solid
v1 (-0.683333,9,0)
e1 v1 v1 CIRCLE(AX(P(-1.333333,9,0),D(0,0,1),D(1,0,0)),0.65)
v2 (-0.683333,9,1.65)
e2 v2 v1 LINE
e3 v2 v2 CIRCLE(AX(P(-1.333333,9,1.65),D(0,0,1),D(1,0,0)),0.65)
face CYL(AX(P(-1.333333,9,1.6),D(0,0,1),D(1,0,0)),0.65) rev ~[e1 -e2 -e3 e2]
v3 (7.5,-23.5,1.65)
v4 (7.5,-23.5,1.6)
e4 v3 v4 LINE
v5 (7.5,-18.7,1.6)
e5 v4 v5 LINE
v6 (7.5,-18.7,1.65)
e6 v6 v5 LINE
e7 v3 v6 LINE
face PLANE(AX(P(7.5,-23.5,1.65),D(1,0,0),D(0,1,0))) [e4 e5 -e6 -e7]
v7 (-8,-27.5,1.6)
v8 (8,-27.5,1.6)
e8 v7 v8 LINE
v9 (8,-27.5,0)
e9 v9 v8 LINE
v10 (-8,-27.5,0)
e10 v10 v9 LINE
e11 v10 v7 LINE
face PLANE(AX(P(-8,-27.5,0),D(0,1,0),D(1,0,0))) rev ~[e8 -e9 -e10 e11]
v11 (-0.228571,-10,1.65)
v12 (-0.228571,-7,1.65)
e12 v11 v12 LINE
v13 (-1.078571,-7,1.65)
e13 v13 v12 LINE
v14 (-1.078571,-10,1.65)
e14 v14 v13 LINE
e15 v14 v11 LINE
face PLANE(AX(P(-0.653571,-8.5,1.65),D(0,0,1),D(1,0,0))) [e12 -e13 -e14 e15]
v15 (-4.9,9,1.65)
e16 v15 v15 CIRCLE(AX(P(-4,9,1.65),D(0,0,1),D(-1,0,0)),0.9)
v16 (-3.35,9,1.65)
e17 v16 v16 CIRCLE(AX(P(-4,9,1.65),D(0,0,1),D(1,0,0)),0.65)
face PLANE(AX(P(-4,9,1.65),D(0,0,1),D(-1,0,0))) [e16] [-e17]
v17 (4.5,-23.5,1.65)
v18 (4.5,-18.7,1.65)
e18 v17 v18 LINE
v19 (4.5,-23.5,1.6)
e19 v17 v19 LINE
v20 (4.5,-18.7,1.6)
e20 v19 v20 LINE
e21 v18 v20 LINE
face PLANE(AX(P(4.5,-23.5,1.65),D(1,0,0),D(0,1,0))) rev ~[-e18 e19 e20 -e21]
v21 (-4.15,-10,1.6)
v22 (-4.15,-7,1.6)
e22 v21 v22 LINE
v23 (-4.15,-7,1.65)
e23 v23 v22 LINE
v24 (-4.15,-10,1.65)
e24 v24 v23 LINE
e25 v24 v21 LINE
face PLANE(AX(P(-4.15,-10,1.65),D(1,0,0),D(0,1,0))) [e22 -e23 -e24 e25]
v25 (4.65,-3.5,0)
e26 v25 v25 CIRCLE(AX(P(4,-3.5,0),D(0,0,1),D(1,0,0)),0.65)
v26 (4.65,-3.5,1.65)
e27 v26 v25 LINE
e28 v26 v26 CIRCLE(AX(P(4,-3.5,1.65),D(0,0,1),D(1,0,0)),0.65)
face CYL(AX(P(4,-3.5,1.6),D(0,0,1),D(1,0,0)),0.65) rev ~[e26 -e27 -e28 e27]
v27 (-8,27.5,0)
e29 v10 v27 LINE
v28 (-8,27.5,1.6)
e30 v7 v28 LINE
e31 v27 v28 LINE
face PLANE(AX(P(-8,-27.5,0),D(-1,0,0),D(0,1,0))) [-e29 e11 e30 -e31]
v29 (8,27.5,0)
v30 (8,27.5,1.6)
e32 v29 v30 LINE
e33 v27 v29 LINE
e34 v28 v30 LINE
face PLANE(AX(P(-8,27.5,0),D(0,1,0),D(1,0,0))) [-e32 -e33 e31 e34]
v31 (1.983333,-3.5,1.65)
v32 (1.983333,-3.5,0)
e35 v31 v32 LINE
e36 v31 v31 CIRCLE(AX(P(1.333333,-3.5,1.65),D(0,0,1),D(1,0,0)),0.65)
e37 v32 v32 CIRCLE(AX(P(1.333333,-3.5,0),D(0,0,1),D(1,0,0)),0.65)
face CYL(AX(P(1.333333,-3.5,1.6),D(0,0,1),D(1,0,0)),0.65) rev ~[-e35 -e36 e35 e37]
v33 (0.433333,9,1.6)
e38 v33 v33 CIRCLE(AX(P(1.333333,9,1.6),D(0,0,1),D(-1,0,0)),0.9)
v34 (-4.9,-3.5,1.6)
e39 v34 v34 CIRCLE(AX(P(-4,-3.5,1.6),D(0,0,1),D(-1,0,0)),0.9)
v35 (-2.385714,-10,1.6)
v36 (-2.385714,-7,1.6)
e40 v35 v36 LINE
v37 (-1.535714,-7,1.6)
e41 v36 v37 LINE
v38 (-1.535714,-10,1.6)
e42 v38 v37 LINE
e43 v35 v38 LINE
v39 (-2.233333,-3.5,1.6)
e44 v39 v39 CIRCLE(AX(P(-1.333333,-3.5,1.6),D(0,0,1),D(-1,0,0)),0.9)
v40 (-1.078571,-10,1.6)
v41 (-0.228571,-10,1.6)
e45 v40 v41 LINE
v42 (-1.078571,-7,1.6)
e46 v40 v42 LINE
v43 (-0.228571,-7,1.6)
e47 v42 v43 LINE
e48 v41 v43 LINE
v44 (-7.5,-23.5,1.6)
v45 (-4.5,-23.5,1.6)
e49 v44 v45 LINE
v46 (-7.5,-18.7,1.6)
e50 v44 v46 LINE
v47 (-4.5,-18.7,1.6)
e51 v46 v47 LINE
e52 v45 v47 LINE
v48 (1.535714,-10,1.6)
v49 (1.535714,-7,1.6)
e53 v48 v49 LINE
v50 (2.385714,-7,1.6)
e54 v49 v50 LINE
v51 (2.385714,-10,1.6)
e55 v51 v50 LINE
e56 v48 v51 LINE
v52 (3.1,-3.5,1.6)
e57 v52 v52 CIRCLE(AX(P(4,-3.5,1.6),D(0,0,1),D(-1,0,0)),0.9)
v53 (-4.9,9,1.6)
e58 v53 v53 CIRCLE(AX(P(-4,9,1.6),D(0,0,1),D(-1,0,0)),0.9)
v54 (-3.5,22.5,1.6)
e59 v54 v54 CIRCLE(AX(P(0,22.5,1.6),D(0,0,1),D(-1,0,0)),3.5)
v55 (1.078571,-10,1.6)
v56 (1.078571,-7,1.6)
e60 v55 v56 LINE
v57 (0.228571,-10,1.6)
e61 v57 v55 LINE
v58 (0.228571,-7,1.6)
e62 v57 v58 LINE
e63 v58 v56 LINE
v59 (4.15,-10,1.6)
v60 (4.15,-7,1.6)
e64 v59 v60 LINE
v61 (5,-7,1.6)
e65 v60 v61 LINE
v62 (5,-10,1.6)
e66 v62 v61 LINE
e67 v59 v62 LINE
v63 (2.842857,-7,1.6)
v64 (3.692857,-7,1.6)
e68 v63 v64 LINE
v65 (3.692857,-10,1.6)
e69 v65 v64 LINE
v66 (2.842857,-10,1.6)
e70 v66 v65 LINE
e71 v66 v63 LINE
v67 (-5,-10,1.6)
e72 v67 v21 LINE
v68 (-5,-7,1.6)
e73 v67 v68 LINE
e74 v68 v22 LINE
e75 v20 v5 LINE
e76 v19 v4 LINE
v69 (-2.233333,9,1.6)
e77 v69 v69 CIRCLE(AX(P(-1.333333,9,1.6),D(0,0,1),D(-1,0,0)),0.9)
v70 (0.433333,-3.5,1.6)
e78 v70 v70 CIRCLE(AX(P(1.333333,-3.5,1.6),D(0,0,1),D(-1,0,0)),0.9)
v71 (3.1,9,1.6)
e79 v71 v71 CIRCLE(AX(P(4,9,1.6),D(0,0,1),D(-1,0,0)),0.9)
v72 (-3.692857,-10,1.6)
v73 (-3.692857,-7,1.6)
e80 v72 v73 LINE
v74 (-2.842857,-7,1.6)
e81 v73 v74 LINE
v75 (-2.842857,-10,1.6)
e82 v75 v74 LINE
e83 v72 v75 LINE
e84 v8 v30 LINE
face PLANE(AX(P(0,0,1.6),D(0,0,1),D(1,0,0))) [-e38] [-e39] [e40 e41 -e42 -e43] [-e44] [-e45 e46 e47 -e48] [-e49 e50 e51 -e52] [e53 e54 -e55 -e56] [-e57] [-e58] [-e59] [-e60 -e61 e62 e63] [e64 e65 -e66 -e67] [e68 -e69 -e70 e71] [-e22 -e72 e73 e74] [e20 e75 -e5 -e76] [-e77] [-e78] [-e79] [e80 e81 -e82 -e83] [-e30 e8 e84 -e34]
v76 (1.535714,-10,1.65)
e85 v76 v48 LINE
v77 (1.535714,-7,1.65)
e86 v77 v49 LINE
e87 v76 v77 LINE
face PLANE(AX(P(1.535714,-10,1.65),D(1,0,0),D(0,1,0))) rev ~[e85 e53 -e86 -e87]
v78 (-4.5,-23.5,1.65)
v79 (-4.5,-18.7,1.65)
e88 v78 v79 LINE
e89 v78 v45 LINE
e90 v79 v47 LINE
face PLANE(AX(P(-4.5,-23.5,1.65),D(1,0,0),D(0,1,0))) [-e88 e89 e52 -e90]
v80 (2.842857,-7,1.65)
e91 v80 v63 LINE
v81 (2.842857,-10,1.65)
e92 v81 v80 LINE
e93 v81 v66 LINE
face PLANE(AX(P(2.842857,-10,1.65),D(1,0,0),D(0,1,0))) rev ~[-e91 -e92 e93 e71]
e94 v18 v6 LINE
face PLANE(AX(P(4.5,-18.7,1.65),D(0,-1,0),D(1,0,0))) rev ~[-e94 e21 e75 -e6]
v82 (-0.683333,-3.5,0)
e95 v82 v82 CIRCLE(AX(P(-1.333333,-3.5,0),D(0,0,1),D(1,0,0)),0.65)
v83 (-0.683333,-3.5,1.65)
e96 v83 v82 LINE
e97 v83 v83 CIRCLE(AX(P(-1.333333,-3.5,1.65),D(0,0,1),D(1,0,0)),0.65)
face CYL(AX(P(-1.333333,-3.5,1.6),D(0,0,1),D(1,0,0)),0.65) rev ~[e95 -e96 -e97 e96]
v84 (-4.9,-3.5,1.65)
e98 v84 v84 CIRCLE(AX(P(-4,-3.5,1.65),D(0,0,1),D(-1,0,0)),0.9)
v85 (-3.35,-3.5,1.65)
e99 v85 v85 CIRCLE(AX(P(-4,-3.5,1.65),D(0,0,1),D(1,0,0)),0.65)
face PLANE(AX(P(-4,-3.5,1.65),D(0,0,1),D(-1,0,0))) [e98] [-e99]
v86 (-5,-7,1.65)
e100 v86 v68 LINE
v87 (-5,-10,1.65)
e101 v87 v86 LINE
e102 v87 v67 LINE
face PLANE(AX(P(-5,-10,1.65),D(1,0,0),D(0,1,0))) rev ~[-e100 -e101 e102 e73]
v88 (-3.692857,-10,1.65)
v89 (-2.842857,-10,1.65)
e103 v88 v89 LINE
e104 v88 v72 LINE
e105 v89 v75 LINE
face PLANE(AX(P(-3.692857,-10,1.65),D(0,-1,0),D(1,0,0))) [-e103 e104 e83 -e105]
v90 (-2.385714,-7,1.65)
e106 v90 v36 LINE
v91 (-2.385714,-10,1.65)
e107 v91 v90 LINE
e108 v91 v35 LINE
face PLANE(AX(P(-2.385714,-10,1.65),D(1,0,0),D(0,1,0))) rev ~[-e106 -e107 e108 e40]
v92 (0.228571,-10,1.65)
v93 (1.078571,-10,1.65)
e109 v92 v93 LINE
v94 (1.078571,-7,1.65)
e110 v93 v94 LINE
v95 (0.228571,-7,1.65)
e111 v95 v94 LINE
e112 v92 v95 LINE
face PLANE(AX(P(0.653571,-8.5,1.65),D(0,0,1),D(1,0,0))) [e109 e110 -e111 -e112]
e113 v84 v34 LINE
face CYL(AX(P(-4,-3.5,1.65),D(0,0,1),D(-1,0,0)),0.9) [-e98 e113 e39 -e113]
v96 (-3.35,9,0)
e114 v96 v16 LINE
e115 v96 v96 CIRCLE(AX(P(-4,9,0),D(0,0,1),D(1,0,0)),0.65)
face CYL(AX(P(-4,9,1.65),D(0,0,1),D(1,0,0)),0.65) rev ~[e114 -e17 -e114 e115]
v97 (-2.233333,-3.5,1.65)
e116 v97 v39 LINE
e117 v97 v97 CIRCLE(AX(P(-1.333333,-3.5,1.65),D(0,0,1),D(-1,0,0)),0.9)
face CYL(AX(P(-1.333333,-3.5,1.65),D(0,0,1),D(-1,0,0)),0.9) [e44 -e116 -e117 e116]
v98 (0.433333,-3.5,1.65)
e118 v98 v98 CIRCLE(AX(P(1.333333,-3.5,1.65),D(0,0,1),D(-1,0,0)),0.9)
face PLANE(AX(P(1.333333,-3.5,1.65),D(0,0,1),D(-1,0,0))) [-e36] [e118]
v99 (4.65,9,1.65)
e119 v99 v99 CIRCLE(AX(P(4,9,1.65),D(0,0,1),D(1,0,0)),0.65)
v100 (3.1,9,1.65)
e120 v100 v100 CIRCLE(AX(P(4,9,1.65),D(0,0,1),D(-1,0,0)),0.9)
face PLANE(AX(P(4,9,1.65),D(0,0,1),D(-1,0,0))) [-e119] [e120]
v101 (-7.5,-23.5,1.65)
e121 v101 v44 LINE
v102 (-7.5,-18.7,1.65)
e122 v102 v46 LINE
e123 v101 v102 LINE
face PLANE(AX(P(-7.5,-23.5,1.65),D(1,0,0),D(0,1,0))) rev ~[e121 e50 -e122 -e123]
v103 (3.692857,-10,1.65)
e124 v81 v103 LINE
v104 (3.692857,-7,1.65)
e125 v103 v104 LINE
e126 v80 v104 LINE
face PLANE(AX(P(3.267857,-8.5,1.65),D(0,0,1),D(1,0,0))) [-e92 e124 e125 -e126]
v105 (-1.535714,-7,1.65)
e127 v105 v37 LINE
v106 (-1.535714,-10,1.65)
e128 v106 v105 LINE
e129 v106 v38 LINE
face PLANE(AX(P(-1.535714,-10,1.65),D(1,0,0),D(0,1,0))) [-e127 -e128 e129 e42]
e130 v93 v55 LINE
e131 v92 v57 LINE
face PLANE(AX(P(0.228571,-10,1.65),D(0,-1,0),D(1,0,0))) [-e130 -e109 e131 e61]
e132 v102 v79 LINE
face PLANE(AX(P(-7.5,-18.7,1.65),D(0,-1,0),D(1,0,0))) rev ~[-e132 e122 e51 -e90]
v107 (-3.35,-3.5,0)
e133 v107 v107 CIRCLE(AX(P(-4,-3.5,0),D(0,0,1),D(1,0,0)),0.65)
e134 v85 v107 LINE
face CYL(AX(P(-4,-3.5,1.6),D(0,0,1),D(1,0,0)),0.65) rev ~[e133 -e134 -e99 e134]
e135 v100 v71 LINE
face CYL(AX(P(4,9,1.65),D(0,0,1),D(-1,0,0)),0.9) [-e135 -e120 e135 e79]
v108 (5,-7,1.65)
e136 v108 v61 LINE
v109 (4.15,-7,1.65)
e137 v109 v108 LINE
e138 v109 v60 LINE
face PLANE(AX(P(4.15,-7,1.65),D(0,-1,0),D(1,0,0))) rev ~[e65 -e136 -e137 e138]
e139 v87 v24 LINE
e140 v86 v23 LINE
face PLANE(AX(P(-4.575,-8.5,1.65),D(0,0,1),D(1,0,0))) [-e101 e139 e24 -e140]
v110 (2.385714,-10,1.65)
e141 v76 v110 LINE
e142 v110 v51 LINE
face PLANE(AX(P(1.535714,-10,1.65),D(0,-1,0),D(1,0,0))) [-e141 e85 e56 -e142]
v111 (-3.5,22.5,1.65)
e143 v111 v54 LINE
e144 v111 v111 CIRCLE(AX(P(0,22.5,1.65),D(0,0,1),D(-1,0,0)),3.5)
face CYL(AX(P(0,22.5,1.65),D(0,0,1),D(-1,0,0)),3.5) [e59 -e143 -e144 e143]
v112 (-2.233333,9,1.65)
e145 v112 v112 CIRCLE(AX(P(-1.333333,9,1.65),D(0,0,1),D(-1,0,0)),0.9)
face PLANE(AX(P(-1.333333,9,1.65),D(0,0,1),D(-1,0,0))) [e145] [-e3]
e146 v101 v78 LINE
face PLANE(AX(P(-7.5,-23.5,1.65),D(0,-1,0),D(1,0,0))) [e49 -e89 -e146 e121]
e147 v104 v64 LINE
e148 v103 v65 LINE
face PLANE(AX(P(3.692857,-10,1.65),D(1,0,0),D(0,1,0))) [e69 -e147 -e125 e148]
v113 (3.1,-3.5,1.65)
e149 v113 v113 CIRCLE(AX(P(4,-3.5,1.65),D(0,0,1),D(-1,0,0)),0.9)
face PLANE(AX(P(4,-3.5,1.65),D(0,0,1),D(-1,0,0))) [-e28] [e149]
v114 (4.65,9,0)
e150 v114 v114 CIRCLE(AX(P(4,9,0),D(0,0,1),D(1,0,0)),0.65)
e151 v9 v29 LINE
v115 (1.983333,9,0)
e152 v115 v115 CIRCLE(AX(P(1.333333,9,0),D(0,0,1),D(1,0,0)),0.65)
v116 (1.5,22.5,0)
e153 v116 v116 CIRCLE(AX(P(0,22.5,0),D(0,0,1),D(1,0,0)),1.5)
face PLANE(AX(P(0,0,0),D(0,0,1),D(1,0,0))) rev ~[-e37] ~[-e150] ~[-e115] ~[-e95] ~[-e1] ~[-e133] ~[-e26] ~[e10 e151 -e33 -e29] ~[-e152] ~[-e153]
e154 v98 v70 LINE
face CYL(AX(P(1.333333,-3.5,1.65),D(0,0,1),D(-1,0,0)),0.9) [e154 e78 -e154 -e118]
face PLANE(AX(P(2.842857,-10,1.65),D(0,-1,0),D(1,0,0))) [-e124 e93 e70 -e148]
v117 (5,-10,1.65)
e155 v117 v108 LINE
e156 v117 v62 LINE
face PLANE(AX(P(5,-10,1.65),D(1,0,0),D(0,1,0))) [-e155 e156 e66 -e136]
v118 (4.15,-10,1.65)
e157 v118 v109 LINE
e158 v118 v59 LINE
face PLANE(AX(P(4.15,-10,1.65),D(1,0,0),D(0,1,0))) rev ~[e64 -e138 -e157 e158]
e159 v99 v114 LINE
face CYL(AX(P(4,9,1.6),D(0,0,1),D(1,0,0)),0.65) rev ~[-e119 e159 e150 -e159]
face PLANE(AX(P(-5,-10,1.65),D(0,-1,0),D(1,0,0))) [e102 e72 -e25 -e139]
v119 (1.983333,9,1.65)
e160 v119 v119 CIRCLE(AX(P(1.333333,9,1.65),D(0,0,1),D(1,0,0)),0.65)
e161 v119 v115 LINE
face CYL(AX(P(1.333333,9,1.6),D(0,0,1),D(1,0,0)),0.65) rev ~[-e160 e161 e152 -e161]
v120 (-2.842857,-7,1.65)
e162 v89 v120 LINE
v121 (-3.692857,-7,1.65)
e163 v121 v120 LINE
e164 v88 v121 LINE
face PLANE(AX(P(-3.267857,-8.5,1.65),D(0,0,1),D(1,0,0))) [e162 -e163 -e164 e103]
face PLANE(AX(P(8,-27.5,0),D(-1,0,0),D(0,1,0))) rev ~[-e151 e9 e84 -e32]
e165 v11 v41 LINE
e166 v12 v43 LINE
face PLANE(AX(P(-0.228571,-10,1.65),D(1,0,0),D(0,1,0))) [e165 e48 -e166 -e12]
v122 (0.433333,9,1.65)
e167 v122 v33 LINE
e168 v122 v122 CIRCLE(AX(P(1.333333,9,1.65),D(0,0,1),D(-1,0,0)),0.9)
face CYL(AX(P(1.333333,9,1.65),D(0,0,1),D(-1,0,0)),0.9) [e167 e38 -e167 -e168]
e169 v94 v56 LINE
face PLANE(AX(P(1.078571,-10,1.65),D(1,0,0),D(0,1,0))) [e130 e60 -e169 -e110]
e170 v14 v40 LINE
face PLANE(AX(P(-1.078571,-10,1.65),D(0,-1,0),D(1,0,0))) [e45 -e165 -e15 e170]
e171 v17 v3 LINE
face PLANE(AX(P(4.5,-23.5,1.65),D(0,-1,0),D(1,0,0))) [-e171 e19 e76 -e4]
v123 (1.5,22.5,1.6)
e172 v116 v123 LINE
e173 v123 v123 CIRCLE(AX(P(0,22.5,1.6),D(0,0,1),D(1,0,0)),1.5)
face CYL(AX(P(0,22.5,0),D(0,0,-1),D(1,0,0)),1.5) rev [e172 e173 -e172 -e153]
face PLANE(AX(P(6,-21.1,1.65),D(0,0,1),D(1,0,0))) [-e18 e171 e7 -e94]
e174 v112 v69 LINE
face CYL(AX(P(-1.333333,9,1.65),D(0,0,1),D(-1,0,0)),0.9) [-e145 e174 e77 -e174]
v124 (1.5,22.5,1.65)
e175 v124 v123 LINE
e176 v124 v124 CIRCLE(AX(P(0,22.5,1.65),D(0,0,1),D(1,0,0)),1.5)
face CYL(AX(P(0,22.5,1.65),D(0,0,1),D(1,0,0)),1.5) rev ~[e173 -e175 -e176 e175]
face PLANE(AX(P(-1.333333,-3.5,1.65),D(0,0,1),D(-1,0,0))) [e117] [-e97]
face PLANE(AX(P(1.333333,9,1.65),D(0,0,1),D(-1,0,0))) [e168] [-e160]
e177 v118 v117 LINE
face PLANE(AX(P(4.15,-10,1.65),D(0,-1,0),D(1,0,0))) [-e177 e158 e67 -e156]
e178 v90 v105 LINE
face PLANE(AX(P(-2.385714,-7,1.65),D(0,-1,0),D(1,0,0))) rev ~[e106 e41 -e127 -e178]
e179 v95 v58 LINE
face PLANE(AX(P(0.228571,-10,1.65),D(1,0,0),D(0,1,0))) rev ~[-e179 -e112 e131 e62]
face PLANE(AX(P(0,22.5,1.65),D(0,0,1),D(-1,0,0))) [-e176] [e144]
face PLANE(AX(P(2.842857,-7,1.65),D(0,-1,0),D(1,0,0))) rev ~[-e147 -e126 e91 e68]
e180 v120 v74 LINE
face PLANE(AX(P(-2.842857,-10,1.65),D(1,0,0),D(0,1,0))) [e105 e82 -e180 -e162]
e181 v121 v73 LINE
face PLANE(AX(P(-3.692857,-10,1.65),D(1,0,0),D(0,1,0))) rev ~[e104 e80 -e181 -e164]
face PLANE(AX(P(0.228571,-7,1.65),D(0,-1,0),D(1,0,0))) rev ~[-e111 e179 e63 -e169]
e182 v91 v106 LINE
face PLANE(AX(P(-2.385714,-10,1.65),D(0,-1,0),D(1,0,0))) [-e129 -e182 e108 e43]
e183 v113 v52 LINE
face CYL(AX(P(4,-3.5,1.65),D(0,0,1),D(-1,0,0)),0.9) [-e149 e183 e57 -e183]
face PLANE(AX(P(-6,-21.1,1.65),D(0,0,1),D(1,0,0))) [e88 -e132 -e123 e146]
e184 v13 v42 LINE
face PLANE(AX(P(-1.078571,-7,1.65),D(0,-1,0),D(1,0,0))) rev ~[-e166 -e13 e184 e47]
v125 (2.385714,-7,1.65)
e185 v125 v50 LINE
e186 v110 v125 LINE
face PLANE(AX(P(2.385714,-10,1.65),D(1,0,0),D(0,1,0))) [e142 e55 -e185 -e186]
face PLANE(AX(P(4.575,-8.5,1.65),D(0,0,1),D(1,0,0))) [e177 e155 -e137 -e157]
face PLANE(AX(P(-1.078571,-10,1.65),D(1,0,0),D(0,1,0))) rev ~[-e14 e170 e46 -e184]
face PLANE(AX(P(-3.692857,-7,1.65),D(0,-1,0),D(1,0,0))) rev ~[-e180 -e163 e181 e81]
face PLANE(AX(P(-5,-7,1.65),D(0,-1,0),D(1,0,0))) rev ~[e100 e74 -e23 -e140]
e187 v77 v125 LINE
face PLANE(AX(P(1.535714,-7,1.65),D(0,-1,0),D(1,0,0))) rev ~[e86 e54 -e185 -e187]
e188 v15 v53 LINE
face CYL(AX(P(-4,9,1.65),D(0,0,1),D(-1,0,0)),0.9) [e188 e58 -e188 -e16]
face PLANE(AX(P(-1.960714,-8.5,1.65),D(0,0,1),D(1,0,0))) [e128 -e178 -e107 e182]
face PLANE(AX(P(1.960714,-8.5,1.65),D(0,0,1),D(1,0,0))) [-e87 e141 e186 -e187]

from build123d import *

# Parameters (mm, degrees)
SKETCH1_W           = 16
SKETCH1_H           = 55
SKETCH1_R           = 1.5
BOSS_EXTRUDE1_DEPTH = 1.6
SKETCH3_R           = 0.65
CUT_EXTRUDE1_DEPTH  = 29.684664893
BOSS_EXTRUDE3_START = 0.05
SKETCH4_R           = 0.9
SKETCH4_R_2         = 0.65
SKETCH4_R_3         = 3.5
SKETCH4_R_4         = 1.5
SKETCH4_W           = 0.85
SKETCH4_H           = 3
SKETCH4_W_2         = 3
SKETCH4_H_2         = 4.8
BOSS_EXTRUDE3_DEPTH = 0.05


with BuildPart() as part:
    # Sketch1 → Boss-Extrude1 (new body)
    with BuildSketch(Plane.XY):
        Rectangle(SKETCH1_W, SKETCH1_H)
        with Locations((0, 22.5)):
            Circle(SKETCH1_R, mode=Mode.SUBTRACT)
    extrude(amount=BOSS_EXTRUDE1_DEPTH)

    # Sketch3 → Cut-Extrude1 (cut, through all)
    with BuildSketch(Plane.XY.offset(1.6)):
        with Locations((-4, -3.5)):
            Circle(SKETCH3_R)
        with Locations((-1.333333333, -3.5)):
            Circle(SKETCH3_R)
        with Locations((1.333333333, -3.5)):
            Circle(SKETCH3_R)
        with Locations((4, -3.5)):
            Circle(SKETCH3_R)
        with Locations((-4, 9)):
            Circle(SKETCH3_R)
        with Locations((-1.333333333, 9)):
            Circle(SKETCH3_R)
        with Locations((1.333333333, 9)):
            Circle(SKETCH3_R)
        with Locations((4, 9)):
            Circle(SKETCH3_R)
    extrude(amount=-CUT_EXTRUDE1_DEPTH, mode=Mode.SUBTRACT)

    # Sketch4 → Boss-Extrude3 (add)
    # profile 1 of 19: a face of its own
    with BuildSketch(Plane.XY.offset(1.6).offset(BOSS_EXTRUDE3_START)):
        with Locations(Location((-4, 9, 0), (0, 0, 180))):
            Circle(SKETCH4_R)
        with Locations((-4, 9)):
            Circle(SKETCH4_R_2, mode=Mode.SUBTRACT)
    # profile 2 of 19: a face of its own
    with BuildSketch(Plane.XY.offset(1.6).offset(BOSS_EXTRUDE3_START)):
        with Locations(Location((-1.333333333, 9, 0), (0, 0, 180))):
            Circle(SKETCH4_R)
        with Locations((-1.333333333, 9)):
            Circle(SKETCH4_R_2, mode=Mode.SUBTRACT)
    # profile 3 of 19: a face of its own
    with BuildSketch(Plane.XY.offset(1.6).offset(BOSS_EXTRUDE3_START)):
        with Locations(Location((1.333333333, 9, 0), (0, 0, 180))):
            Circle(SKETCH4_R)
        with Locations((1.333333333, 9)):
            Circle(SKETCH4_R_2, mode=Mode.SUBTRACT)
    # profile 4 of 19: a face of its own
    with BuildSketch(Plane.XY.offset(1.6).offset(BOSS_EXTRUDE3_START)):
        with Locations(Location((4, 9, 0), (0, 0, 180))):
            Circle(SKETCH4_R)
        with Locations((4, 9)):
            Circle(SKETCH4_R_2, mode=Mode.SUBTRACT)
    # profile 5 of 19: a face of its own
    with BuildSketch(Plane.XY.offset(1.6).offset(BOSS_EXTRUDE3_START)):
        with Locations(Location((4, -3.5, 0), (0, 0, 180))):
            Circle(SKETCH4_R)
        with Locations((4, -3.5)):
            Circle(SKETCH4_R_2, mode=Mode.SUBTRACT)
    # profile 6 of 19: a face of its own
    with BuildSketch(Plane.XY.offset(1.6).offset(BOSS_EXTRUDE3_START)):
        with Locations(Location((1.333333333, -3.5, 0), (0, 0, 180))):
            Circle(SKETCH4_R)
        with Locations((1.333333333, -3.5)):
            Circle(SKETCH4_R_2, mode=Mode.SUBTRACT)
    # profile 7 of 19: a face of its own
    with BuildSketch(Plane.XY.offset(1.6).offset(BOSS_EXTRUDE3_START)):
        with Locations(Location((-1.333333333, -3.5, 0), (0, 0, 180))):
            Circle(SKETCH4_R)
        with Locations((-1.333333333, -3.5)):
            Circle(SKETCH4_R_2, mode=Mode.SUBTRACT)
    # profile 8 of 19: a face of its own
    with BuildSketch(Plane.XY.offset(1.6).offset(BOSS_EXTRUDE3_START)):
        with Locations(Location((-4, -3.5, 0), (0, 0, 180))):
            Circle(SKETCH4_R)
        with Locations((-4, -3.5)):
            Circle(SKETCH4_R_2, mode=Mode.SUBTRACT)
    # profile 9 of 19: a face of its own
    with BuildSketch(Plane.XY.offset(1.6).offset(BOSS_EXTRUDE3_START)):
        with Locations(Location((0, 22.5, 0), (0, 0, 180))):
            Circle(SKETCH4_R_3)
        with Locations((0, 22.5)):
            Circle(SKETCH4_R_4, mode=Mode.SUBTRACT)
    # profile 10 of 19: a face of its own
    with BuildSketch(Plane.XY.offset(1.6).offset(BOSS_EXTRUDE3_START)):
        with Locations((-4.575, -8.5)):
            Rectangle(SKETCH4_W, SKETCH4_H)
    # profile 11 of 19: a face of its own
    with BuildSketch(Plane.XY.offset(1.6).offset(BOSS_EXTRUDE3_START)):
        with Locations((-3.267857143, -8.5)):
            Rectangle(SKETCH4_W, SKETCH4_H)
    # profile 12 of 19: a face of its own
    with BuildSketch(Plane.XY.offset(1.6).offset(BOSS_EXTRUDE3_START)):
        with Locations((-1.960714286, -8.5)):
            Rectangle(SKETCH4_W, SKETCH4_H)
    # profile 13 of 19: a face of its own
    with BuildSketch(Plane.XY.offset(1.6).offset(BOSS_EXTRUDE3_START)):
        with Locations((-0.653571429, -8.5)):
            Rectangle(SKETCH4_W, SKETCH4_H)
    # profile 14 of 19: a face of its own
    with BuildSketch(Plane.XY.offset(1.6).offset(BOSS_EXTRUDE3_START)):
        with Locations((0.653571429, -8.5)):
            Rectangle(SKETCH4_W, SKETCH4_H)
    # profile 15 of 19: a face of its own
    with BuildSketch(Plane.XY.offset(1.6).offset(BOSS_EXTRUDE3_START)):
        with Locations((1.960714286, -8.5)):
            Rectangle(SKETCH4_W, SKETCH4_H)
    # profile 16 of 19: a face of its own
    with BuildSketch(Plane.XY.offset(1.6).offset(BOSS_EXTRUDE3_START)):
        with Locations((3.267857143, -8.5)):
            Rectangle(SKETCH4_W, SKETCH4_H)
    # profile 17 of 19: a face of its own
    with BuildSketch(Plane.XY.offset(1.6).offset(BOSS_EXTRUDE3_START)):
        with Locations((4.575, -8.5)):
            Rectangle(SKETCH4_W, SKETCH4_H)
    # profile 18 of 19: a face of its own
    with BuildSketch(Plane.XY.offset(1.6).offset(BOSS_EXTRUDE3_START)):
        with Locations((-6, -21.1)):
            Rectangle(SKETCH4_W_2, SKETCH4_H_2)
    # profile 19 of 19: a face of its own
    with BuildSketch(Plane.XY.offset(1.6).offset(BOSS_EXTRUDE3_START)):
        with Locations((6, -21.1)):
            Rectangle(SKETCH4_W_2, SKETCH4_H_2)
    extrude(amount=-BOSS_EXTRUDE3_DEPTH)


solid = part.part
